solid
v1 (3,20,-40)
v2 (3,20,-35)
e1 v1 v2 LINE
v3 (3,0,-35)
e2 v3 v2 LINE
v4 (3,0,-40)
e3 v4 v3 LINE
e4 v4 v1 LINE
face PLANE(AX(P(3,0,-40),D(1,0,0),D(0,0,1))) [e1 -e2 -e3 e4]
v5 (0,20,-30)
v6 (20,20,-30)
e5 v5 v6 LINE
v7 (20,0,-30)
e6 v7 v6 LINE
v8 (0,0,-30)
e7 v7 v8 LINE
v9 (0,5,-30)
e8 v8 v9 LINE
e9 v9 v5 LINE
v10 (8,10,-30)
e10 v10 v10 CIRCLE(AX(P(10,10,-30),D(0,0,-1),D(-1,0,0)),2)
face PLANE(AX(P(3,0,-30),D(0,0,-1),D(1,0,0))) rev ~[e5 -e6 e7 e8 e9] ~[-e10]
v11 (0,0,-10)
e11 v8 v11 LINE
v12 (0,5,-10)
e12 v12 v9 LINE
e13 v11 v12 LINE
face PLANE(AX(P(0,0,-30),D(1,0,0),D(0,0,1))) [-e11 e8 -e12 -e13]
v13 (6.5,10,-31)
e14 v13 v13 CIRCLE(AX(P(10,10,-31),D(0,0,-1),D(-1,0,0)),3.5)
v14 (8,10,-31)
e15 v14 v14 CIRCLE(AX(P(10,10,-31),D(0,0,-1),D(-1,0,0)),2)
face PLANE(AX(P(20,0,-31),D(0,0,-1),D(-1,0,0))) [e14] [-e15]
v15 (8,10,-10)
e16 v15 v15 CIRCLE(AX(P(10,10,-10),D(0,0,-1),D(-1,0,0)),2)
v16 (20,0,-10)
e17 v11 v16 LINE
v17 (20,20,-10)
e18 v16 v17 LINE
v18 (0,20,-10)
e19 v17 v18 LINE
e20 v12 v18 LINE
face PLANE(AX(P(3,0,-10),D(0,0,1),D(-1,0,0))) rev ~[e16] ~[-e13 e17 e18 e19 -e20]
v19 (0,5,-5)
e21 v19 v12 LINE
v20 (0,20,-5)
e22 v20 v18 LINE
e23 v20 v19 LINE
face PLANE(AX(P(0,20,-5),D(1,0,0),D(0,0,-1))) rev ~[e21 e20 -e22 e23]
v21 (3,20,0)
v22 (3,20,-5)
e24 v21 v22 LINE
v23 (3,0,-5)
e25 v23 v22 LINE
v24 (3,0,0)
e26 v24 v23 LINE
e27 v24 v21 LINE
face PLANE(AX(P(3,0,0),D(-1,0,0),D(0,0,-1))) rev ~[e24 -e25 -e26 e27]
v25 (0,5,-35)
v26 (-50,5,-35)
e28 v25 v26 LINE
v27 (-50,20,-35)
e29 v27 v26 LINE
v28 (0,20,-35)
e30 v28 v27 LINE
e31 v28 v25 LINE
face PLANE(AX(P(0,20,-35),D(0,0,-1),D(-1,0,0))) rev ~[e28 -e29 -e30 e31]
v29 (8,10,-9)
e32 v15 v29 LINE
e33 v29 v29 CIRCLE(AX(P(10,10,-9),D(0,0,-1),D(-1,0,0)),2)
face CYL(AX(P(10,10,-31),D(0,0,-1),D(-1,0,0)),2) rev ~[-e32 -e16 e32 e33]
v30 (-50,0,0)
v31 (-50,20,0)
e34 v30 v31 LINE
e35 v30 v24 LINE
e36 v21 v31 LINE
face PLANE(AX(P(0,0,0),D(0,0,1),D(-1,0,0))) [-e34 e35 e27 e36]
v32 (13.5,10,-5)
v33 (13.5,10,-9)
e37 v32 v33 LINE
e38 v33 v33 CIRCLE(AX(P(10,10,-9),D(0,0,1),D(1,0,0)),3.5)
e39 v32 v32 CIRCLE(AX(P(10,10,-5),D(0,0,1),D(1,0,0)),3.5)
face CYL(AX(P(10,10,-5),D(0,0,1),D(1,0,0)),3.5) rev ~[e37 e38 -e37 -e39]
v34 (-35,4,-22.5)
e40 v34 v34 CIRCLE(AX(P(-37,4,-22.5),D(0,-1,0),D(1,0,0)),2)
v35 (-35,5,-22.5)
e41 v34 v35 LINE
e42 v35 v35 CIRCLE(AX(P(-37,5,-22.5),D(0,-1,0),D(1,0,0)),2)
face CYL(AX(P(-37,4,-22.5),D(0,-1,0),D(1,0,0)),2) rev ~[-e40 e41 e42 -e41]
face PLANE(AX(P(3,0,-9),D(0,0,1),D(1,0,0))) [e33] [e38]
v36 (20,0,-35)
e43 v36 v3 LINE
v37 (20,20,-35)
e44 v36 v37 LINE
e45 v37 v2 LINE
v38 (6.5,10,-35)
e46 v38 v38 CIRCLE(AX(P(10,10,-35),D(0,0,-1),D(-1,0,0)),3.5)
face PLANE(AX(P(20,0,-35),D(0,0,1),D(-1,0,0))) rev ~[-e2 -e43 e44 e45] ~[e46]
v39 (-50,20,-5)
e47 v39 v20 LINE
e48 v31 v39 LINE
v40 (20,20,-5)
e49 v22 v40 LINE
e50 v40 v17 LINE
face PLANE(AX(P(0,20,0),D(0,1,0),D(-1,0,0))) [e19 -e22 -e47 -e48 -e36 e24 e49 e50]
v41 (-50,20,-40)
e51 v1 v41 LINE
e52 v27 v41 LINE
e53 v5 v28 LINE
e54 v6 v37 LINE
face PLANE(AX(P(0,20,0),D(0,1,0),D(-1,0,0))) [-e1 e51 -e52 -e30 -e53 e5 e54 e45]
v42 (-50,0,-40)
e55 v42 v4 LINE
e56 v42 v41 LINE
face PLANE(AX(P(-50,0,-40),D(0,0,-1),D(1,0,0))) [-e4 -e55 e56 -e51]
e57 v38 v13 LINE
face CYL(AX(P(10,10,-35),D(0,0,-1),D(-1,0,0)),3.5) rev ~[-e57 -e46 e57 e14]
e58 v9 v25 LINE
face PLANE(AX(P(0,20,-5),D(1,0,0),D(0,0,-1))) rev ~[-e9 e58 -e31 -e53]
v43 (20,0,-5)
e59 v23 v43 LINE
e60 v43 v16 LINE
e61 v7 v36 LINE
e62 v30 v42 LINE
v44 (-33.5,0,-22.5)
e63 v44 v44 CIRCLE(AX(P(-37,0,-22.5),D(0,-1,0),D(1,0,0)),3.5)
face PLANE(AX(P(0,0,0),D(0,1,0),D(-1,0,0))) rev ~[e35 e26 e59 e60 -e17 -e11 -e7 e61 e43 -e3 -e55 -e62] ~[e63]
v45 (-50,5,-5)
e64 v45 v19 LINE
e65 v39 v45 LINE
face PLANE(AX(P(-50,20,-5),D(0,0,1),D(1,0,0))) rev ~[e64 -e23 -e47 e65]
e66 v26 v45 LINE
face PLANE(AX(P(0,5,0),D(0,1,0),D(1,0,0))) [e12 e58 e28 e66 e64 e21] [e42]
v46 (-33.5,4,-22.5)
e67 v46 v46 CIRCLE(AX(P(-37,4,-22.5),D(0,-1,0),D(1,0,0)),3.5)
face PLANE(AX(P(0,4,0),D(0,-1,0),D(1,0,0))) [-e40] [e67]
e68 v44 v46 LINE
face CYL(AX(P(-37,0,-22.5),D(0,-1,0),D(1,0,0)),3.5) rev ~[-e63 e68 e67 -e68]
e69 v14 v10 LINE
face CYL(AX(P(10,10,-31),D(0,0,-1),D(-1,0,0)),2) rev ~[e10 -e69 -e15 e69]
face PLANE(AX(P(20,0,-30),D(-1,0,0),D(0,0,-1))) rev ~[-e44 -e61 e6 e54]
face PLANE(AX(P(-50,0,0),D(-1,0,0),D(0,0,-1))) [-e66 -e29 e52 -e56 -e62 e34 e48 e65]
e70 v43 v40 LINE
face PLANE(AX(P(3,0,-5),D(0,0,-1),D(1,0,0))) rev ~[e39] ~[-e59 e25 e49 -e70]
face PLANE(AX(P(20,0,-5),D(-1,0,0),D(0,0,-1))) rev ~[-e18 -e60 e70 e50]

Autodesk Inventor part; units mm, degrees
ref_plane "YZ Plane" through (0, 0, 0) normal (1, 0, 0) x (0, 1, 0)
ref_plane "XZ Plane" through (0, 0, 0) normal (0, 1, 0) x (-1, 0, 0)
ref_plane "XY Plane" through (0, 0, 0) normal (0, 0, 1) x (1, 0, 0)
sketch "Sketch1" plane through (0, 0, 0) normal (0, 1, 0) x (-1, 0, 0)
  line L0 (0, 0) -> (50, 0)
  line L1 (50, 0) -> (50, -40)
  line L2 (50, -40) -> (0, -40)
  line L3 (0, -40) -> (0, 0)
  line L4 (0, -5) -> (-20, -5)
  line L5 (-20, -5) -> (-20, -10)
  line L6 (-20, -10) -> (0, -10)
  line L7 (0, -10) -> (0, -5)
  line L8 (0, -30) -> (-20, -30)
  line L9 (-20, -30) -> (-20, -35)
  line L10 (-20, -35) -> (0, -35)
  line L11 (0, -35) -> (0, -30)
  line L12 (0, 0) -> (-3, 0)
  line L13 (-3, 0) -> (-3, -5)
  line L14 (-3, -5) -> (0, -5)
  line L15 (0, -5) -> (0, 0)
  line L16 (0, -40) -> (-3, -40)
  line L17 (-3, -40) -> (-3, -35)
  line L18 (-3, -35) -> (0, -35)
  line L19 (0, -35) -> (0, -40)
  line L20 (0, -10) -> (-3, -10)
  line L21 (-3, -10) -> (-3, -30)
  line L22 (-3, -30) -> (0, -30)
  line L23 (0, -30) -> (0, -10)
  point P0 (0, -10)
  dimension "d0" = 50
  dimension "d1" = 40
  dimension "d2" = 20
  dimension "d3" = 20
  dimension "d4" = 5
  dimension "d5" = 5
  dimension "d6" = 5
  dimension "d7" = 5
  dimension "d8" = 3
  dimension "d9" = 5
extrude "Extrusion1" add sketch "Sketch1" along normal blind 20 contours L0 L1 L2 L3 | L3 L4 L13 L12 | L3 L6 L5 L4 | L16 L17 L10 L3 | L3 L10 L9 L8
sketch "Sketch2" plane through (0, 20, 0) normal (0, 1, 0) x (1, 0, 0)
  line L0 (-50, 40) -> (-50, 0) projected
  line L1 (-50, 5) -> (0, 5)
  line L2 (0, 5) -> (0, 35)
  line L3 (0, 35) -> (-50, 35)
  line L4 (-50, 35) -> (-50, 5)
  line L5 (3, 40) -> (-50, 40) projected
  point P0 (0, 0)
  point P1 (-50, 35)
  dimension "d12" = 50
  dimension "d13" = 30
  dimension "d26" = 5
extrude "Extrusion2" cut sketch "Sketch2" against normal blind 15
sketch "Sketch3" plane through (3, 0, -5) normal (0, 0, 1) x (1, 0, 0)
  circle A0 centre (7, 10) radius 3.5
  line L0 (17, 0) -> (17, 20) projected
  line L1 (0, 20) -> (17, 20) projected
  point P0 (-3, 0)
  point P1 (8.5, 20)
  dimension "d16" = 10
  dimension "d17" = 10
  dimension "d20" = 7
extrude "Extrusion3" cut sketch "Sketch3" against normal blind 4
sketch "Sketch4" plane through (20, 0, -35) normal (0, 0, -1) x (-1, 0, 0)
  circle A0 centre (10, 10) radius 3.5 projected
  circle A1 centre (10, 10) radius 3.5 projected
  point P0 (20, 0)
extrude "Extrusion4" cut sketch "Sketch4" against normal blind 4
sketch "Sketch5" plane through (10, 10, -31) normal (0, 0, -1) x (-1, 0, 0)
  circle A0 centre (0, 0) radius 2
  point P0 (10, -10)
  dimension "d23" = 4
extrude "Extrusion5" cut sketch "Sketch5" against normal through all
sketch "Sketch6" plane through (0, 0, 0) normal (0, -1, 0) x (1, 0, 0)
  circle A0 centre (-37, -22.5) radius 3.5
  point P0 (0, 0)
  point P1 (-50, -5)
  point P2 (-50, -35)
  point P3 (0, -35)
  dimension "d27" = 7
  dimension "d28" = 12.5
  dimension "d29" = 37
extrude "Extrusion6" cut sketch "Sketch6" against normal blind 4
sketch "Sketch7" plane through (-37, 4, -22.5) normal (0, -1, 0) x (1, 0, 0)
  circle A0 centre (0, 0) radius 2
  point P0 (37, 22.5)
  dimension "d32" = 4
extrude "Extrusion7" cut sketch "Sketch7" against normal blind 4
properties part number "PowerSupplyAttach"
